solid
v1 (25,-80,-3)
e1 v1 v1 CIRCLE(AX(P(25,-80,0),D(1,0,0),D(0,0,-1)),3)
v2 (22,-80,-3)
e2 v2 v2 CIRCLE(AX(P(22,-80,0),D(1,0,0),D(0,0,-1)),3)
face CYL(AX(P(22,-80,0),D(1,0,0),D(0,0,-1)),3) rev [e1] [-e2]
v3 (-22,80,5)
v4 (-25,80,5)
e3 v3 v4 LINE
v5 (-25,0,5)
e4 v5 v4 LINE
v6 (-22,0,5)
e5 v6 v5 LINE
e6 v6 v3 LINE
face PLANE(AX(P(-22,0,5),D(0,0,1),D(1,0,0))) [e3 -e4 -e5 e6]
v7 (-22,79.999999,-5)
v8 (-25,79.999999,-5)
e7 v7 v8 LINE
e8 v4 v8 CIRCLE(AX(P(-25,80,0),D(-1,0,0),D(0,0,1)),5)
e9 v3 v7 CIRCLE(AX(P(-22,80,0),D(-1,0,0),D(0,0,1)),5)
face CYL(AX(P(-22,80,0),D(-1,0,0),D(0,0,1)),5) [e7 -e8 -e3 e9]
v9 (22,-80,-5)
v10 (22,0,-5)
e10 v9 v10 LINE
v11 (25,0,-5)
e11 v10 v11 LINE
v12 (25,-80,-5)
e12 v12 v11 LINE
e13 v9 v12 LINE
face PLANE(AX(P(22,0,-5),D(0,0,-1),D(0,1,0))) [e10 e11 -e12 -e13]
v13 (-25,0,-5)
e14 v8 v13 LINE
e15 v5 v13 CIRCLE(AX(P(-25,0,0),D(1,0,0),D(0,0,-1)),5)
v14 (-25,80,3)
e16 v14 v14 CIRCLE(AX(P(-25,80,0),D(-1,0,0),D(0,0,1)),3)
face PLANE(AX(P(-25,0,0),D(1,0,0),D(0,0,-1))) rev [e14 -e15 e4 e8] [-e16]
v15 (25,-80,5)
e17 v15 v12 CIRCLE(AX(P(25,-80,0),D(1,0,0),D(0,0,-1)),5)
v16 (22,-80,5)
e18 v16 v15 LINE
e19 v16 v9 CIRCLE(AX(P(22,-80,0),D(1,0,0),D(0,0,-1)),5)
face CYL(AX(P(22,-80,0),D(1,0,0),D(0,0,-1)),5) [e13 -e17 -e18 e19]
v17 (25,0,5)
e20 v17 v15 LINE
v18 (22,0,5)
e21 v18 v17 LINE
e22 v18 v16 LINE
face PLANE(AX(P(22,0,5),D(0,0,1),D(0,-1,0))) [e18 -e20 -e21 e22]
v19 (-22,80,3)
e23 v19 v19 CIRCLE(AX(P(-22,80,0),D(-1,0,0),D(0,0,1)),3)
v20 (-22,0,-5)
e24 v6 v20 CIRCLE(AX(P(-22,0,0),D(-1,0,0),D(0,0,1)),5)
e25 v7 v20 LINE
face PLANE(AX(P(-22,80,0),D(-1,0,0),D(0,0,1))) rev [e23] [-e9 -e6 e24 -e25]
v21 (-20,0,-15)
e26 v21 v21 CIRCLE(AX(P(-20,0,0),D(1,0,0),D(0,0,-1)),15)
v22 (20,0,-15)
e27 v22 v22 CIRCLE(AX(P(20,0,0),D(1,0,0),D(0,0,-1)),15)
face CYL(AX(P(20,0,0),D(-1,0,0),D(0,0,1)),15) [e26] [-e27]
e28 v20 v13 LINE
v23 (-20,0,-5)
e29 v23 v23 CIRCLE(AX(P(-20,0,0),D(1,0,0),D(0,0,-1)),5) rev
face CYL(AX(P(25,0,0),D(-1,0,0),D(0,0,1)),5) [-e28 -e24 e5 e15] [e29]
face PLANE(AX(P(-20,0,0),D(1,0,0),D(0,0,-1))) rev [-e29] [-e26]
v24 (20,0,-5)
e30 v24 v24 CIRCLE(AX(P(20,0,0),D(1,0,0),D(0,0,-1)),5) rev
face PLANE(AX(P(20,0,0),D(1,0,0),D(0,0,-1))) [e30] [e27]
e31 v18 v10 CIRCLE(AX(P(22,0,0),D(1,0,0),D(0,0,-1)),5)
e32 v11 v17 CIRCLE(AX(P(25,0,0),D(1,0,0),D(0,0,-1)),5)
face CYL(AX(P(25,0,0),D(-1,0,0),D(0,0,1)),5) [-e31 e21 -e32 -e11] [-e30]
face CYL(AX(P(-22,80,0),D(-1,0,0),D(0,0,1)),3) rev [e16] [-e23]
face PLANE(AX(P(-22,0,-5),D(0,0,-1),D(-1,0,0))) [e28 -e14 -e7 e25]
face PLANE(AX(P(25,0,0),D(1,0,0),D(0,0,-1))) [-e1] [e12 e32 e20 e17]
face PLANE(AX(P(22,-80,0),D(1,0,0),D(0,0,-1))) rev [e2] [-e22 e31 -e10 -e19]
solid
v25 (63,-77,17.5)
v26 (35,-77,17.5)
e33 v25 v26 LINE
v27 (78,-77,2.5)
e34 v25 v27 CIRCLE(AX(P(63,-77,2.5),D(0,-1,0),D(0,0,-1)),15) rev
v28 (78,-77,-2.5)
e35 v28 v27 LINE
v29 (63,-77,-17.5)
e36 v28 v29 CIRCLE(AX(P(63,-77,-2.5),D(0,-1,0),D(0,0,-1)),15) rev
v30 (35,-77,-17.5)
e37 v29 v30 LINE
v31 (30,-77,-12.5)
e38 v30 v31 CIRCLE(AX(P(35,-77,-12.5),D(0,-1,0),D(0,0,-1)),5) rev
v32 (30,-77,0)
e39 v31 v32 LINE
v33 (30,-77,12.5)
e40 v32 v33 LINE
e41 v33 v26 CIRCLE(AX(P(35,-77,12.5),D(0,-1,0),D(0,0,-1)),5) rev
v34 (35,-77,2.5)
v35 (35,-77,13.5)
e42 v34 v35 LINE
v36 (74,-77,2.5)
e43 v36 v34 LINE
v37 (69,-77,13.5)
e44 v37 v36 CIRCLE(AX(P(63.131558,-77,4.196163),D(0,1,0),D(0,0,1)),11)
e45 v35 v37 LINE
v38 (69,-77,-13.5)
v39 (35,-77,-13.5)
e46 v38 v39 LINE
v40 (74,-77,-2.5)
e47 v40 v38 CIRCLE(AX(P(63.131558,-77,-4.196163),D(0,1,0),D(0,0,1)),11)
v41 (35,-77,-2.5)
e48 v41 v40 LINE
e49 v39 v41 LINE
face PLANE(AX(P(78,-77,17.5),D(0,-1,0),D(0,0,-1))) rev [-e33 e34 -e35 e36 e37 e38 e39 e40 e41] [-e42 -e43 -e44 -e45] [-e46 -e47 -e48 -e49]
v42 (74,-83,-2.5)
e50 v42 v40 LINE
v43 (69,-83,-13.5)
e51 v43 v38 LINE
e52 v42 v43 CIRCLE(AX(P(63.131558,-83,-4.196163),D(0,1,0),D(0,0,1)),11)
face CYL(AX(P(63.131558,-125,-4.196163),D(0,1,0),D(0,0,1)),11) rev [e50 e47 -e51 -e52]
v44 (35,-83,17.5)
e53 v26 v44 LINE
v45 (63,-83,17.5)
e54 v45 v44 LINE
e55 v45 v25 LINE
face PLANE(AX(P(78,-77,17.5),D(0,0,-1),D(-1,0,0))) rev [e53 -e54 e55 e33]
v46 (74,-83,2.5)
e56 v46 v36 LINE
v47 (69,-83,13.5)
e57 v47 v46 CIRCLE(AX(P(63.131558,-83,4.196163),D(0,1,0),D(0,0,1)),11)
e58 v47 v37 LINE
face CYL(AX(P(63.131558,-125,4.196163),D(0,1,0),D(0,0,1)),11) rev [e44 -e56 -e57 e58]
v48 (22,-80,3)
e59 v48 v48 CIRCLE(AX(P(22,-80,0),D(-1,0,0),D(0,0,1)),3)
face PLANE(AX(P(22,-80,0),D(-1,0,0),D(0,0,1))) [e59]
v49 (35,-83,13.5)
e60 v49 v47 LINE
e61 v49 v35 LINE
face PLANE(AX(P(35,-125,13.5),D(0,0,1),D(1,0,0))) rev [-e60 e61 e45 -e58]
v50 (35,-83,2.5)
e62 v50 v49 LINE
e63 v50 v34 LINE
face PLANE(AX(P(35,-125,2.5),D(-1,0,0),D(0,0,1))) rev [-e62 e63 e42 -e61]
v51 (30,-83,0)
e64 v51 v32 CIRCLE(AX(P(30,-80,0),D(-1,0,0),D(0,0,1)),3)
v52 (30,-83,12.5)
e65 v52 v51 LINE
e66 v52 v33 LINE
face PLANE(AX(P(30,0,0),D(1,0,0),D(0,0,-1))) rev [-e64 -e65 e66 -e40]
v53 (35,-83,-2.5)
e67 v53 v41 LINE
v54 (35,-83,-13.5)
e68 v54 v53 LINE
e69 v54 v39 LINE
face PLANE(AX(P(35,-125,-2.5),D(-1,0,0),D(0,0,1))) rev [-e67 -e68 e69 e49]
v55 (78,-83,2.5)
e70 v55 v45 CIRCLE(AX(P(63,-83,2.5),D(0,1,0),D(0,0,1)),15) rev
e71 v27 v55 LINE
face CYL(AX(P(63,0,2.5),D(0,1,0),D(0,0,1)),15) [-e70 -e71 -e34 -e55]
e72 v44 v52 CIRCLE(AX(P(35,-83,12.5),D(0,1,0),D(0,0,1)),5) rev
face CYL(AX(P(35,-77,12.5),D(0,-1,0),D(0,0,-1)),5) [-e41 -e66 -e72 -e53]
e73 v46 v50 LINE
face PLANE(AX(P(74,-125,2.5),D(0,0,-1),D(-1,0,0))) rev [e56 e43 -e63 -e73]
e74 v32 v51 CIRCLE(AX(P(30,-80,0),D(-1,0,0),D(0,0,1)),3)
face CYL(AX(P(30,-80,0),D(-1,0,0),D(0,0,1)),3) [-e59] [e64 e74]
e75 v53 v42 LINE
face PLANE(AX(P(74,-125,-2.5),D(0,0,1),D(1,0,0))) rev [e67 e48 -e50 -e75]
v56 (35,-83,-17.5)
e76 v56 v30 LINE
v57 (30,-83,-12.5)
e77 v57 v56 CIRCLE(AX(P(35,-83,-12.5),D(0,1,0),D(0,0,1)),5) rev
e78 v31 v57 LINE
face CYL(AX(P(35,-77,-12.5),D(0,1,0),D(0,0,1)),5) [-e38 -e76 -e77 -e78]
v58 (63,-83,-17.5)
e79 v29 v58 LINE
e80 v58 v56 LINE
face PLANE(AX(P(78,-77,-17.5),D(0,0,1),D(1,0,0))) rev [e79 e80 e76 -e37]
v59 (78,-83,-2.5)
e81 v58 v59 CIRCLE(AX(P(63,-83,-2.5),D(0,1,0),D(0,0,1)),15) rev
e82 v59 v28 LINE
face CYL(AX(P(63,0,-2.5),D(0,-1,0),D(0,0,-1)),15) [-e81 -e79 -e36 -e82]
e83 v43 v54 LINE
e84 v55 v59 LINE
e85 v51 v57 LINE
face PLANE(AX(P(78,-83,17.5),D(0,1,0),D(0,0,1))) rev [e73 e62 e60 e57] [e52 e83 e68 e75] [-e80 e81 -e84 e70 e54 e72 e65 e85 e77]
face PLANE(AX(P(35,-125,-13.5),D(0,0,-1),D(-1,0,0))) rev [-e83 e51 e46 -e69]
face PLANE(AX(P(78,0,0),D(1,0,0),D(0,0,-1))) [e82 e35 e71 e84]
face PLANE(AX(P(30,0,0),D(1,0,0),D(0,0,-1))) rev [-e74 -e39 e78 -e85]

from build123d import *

# Parameters (mm, degrees)
SKETCH1_R           = 15
BOSS_EXTRUDE1_DEPTH = 20
SKETCH2_R           = 5
BOSS_EXTRUDE2_DEPTH = 25
SKETCH3_R           = 3
BOSS_EXTRUDE3_DEPTH = 3
SKETCH4_R           = 3
BOSS_EXTRUDE4_DEPTH = 3
SKETCH5_R           = 3
BOSS_EXTRUDE5_DEPTH = 8
SKETCH6_W           = 35
SKETCH6_H           = 6
BOSS_EXTRUDE6_DEPTH = 48
FILLET1_R           = 15
FILLET2_R           = 5
CUT_EXTRUDE1_DEPTH  = 48


with BuildPart() as part:
    # Sketch1 → Boss-Extrude1 (new, symmetric)
    with BuildSketch(Plane(origin=(0, 0, 0), x_dir=(0, 0, -1), z_dir=(1, 0, 0))):
        Circle(SKETCH1_R)
    extrude(amount=BOSS_EXTRUDE1_DEPTH, both=True)

    # Sketch2 → Boss-Extrude2 (add, symmetric)
    with BuildSketch(Plane(origin=(0, 0, 0), x_dir=(0, 0, -1), z_dir=(1, 0, 0))):
        with Locations(Location((0, 0, 0), (0, 0, 180))):
            Circle(SKETCH2_R)
    extrude(amount=BOSS_EXTRUDE2_DEPTH, both=True)

    # Sketch3 → Boss-Extrude3 (add)
    with BuildSketch(Plane(origin=(25, 0, 0), x_dir=(0, 0, -1), z_dir=(1, 0, 0))):
        with BuildLine():
            Line((-5, 0), (5, 0))
            Line((5, 0), (5, -80))
            ThreePointArc((5, -80), (0, -85), (-5, -80))
            Line((-5, -80), (-5, 0))
        make_face()
        with Locations((0, -80)):
            Circle(SKETCH3_R, mode=Mode.SUBTRACT)
    extrude(amount=-BOSS_EXTRUDE3_DEPTH)

    # Sketch4 → Boss-Extrude4 (add)
    with BuildSketch(Plane.ZY.offset(25)):
        with BuildLine():
            Line((-5, 0), (5, 0))
            Line((5, 0), (5, 80))
            ThreePointArc((5, 80), (-3.35e-07, 85), (-5, 79.99999933))
            Line((-5, 79.99999933), (-5, 0))
        make_face()
        with Locations((0, 80)):
            Circle(SKETCH4_R, mode=Mode.SUBTRACT)
    extrude(amount=-BOSS_EXTRUDE4_DEPTH)


with BuildPart() as body_2:
    # Sketch5 → Boss-Extrude5 (new body)
    with BuildSketch(Plane.ZY.offset(-22)):
        with Locations((0, -80)):
            Circle(SKETCH5_R)
    extrude(amount=-BOSS_EXTRUDE5_DEPTH)

    # Sketch6 → Boss-Extrude6 (add)
    with BuildSketch(Plane(origin=(30, 0, 0), x_dir=(0, 0, -1), z_dir=(1, 0, 0))):
        with Locations((0, -80)):
            Rectangle(SKETCH6_W, SKETCH6_H)
    extrude(amount=BOSS_EXTRUDE6_DEPTH)

    # Fillet1
    fillet1_edges = [body_2.edges().sort_by_distance(p)[0] for p in [
        (78, -80, 17.5),
        (78, -80, -17.5),
    ]]
    fillet(fillet1_edges, radius=FILLET1_R)

    # Fillet2
    fillet2_edges = [body_2.edges().sort_by_distance(p)[0] for p in [
        (30, -80, 17.5),
        (30, -80, -17.5),
    ]]
    fillet(fillet2_edges, radius=FILLET2_R)

    # Sketch7 → Cut-Extrude1 (cut)
    with BuildSketch(Plane(origin=(0, -77, 0), x_dir=(1, 0, 0), z_dir=(0, 1, 0))):
        with BuildLine():
            Line((74, 2.5), (35, 2.5))
            Line((35, 2.5), (35, 13.5))
            Line((35, 13.5), (69, 13.5))
            ThreePointArc((69, 13.5), (73.145589228, 8.747995103), (74, 2.5))
        make_face()
        with BuildLine():
            Line((74, -2.5), (35, -2.5))
            Line((35, -2.5), (35, -13.5))
            Line((35, -13.5), (69, -13.5))
            ThreePointArc((69, -13.5), (73.145589228, -8.747995103), (74, -2.5))
        make_face()
    extrude(amount=-CUT_EXTRUDE1_DEPTH, mode=Mode.SUBTRACT)


solid = Compound([part.part, body_2.part])
